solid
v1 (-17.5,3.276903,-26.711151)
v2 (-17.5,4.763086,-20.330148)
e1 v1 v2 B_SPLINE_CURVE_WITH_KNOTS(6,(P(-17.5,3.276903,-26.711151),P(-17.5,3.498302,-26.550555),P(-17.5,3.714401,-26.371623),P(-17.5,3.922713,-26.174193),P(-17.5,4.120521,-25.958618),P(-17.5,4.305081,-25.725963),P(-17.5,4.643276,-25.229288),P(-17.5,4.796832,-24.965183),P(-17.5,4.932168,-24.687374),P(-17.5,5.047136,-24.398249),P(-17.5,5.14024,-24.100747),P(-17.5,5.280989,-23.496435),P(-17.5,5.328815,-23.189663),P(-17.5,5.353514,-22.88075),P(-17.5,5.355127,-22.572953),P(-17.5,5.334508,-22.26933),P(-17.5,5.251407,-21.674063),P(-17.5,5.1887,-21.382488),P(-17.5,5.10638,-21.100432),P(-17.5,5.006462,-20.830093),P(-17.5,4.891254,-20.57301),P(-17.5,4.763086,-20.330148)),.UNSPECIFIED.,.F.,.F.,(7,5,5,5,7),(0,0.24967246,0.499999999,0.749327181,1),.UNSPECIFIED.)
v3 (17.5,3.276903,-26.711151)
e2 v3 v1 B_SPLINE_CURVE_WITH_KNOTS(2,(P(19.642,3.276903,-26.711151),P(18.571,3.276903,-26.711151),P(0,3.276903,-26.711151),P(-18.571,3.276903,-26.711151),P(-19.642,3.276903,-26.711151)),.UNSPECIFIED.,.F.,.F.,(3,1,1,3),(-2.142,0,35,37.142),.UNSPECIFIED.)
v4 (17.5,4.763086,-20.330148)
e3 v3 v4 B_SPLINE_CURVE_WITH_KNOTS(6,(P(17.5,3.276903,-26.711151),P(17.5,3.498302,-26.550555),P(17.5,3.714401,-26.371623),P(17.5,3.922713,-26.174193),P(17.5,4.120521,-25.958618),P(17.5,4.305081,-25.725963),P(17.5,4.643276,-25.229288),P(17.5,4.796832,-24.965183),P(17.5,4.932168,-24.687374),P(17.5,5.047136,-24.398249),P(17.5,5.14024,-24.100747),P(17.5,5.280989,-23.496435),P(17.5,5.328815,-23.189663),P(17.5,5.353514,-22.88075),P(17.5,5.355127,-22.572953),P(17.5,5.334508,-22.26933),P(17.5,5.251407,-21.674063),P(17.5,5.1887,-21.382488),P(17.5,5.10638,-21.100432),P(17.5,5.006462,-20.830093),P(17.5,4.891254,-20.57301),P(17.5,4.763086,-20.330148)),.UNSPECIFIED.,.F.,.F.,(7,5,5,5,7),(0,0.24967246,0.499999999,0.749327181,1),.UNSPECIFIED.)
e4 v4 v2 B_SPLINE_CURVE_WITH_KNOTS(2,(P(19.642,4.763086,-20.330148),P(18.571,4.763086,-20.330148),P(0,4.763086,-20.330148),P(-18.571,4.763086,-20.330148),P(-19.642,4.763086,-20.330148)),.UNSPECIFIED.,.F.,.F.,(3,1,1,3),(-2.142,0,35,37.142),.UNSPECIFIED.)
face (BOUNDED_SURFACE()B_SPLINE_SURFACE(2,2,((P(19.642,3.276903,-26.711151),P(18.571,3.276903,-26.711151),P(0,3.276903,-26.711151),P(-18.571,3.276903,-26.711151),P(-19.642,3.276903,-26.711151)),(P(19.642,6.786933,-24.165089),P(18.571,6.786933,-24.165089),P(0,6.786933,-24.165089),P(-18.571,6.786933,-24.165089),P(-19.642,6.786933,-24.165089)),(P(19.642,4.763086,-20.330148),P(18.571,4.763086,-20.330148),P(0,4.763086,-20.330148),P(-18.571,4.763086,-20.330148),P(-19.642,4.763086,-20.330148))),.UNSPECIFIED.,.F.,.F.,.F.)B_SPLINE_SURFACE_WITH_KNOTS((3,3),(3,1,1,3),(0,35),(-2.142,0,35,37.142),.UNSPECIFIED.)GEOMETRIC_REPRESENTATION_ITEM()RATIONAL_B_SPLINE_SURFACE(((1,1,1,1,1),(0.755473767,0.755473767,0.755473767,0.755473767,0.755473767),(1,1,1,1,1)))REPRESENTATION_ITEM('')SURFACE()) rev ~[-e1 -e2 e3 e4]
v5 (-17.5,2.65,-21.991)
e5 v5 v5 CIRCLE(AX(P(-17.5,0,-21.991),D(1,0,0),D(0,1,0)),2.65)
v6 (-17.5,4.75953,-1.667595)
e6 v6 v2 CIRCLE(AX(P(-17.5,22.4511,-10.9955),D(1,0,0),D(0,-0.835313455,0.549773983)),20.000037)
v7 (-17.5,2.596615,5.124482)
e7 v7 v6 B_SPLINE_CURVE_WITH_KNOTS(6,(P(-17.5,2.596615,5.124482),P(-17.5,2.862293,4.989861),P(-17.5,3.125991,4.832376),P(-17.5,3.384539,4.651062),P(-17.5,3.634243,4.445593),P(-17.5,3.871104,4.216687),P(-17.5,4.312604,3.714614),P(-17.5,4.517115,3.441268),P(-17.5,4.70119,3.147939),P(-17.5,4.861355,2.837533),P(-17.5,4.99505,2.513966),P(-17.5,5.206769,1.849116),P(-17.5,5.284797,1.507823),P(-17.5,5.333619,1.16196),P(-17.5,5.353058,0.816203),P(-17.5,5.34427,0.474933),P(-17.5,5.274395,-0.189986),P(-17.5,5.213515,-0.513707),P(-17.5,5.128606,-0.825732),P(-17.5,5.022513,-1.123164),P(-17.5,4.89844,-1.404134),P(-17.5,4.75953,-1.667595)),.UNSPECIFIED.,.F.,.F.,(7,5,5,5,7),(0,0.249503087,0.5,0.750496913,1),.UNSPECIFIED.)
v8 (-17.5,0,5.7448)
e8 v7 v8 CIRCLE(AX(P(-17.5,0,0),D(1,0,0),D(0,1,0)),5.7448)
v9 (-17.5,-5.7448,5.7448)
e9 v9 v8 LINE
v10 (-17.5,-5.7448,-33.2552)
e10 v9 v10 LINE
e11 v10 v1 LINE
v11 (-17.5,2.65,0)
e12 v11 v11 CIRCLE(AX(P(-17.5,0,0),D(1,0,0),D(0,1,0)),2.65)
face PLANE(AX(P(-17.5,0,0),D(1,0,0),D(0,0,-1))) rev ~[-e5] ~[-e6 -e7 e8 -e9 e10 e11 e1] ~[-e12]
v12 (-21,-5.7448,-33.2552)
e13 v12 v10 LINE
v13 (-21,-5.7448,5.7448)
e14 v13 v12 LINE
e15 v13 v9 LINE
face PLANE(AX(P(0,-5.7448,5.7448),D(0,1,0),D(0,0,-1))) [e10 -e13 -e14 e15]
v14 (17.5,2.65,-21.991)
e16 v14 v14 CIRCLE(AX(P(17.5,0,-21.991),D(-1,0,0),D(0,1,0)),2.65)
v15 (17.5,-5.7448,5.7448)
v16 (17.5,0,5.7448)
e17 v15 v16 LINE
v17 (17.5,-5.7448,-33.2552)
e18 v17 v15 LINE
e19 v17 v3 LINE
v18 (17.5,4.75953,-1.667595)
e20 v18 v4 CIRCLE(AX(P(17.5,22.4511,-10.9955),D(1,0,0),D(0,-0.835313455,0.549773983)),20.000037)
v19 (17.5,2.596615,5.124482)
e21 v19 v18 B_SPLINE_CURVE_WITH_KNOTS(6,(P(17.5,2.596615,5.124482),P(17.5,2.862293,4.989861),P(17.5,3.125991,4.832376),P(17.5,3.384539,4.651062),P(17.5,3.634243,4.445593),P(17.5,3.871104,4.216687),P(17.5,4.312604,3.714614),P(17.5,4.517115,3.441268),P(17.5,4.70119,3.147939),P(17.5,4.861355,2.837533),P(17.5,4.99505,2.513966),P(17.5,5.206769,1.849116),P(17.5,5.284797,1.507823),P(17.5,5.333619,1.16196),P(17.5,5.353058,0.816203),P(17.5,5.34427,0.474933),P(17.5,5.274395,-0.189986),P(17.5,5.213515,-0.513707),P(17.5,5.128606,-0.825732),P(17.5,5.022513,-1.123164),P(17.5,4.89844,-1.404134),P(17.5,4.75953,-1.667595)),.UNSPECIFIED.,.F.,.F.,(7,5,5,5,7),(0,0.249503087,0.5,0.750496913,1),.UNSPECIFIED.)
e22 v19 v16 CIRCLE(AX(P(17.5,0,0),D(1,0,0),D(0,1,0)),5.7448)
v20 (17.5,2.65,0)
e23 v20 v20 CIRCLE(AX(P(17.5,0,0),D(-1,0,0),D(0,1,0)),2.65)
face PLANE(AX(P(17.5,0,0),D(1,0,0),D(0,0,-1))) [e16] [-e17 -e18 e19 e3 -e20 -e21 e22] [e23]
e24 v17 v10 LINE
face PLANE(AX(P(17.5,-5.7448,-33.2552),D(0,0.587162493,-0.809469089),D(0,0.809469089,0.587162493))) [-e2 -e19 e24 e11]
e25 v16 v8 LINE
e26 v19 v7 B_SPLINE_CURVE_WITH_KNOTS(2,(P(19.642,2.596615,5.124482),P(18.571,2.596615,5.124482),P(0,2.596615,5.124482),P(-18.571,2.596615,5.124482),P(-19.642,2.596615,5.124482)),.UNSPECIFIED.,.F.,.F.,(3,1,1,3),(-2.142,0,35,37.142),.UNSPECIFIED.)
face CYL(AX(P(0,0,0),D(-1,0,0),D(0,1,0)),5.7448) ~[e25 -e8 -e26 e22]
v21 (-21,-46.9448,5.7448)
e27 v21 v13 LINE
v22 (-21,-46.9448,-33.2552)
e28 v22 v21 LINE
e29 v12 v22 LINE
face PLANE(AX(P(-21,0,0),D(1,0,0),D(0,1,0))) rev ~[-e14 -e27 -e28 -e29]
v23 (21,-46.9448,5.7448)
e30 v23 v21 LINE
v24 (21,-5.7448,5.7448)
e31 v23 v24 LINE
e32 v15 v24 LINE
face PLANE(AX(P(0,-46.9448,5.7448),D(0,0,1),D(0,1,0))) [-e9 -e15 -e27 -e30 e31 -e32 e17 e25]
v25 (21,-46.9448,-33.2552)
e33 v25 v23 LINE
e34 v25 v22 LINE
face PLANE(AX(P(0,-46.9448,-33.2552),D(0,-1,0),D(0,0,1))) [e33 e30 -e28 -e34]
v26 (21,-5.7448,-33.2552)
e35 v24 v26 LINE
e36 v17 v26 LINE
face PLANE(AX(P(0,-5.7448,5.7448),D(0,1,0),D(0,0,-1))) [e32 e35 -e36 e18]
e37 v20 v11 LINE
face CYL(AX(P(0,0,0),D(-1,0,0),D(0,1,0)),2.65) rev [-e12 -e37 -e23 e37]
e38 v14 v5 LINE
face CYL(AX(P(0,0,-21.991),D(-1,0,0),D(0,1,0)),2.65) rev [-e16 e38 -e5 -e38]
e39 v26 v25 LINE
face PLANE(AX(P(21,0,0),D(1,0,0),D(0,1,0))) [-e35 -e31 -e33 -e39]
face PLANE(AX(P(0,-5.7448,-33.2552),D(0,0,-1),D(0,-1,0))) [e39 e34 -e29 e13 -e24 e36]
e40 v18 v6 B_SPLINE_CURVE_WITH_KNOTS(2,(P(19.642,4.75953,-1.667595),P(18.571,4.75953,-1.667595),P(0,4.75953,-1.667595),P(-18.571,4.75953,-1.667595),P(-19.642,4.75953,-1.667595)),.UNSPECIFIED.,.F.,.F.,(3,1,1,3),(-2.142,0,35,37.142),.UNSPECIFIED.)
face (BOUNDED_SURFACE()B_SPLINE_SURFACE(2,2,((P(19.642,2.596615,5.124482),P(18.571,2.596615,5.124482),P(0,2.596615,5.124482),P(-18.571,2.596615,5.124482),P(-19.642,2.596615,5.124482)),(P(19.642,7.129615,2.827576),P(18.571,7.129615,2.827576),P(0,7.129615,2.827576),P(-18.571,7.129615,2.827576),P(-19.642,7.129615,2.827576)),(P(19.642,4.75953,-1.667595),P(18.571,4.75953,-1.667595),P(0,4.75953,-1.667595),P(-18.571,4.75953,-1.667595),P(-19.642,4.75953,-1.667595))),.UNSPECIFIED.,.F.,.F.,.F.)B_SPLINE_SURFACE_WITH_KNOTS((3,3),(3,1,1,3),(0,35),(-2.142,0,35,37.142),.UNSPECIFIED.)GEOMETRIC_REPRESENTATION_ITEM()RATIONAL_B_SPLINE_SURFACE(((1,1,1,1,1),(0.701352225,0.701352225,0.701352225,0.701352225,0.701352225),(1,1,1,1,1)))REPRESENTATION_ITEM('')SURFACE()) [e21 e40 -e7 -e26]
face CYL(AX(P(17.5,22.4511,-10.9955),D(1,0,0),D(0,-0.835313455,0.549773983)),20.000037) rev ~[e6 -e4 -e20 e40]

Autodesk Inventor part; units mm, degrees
ref_plane "YZ Plane" through (0, 0, 0) normal (1, 0, 0) x (0, 1, 0)
ref_plane "XZ Plane" through (0, 0, 0) normal (0, 1, 0) x (-1, 0, 0)
ref_plane "XY Plane" through (0, 0, 0) normal (0, 0, 1) x (1, 0, 0)
sketch "Sketch1" plane through (0, 0, 0) normal (1, 0, 0) x (0, 1, 0)
  circle A0 centre (-9.7574, -19.7073) radius 1.55 construction
  circle A1 centre (0, 0) radius 1.55 construction
  circle A2 centre (-9.7574, -19.7073) radius 2.65
  circle A3 centre (0, 0) radius 2.65
  line L0 (-6.0684, -24.2876) -> (12.7398, 12.1607) construction
  arc A4 (-12.2239, -24.4871) -> (-4.9776, -22.1738) centre (-9.7574, -19.7073) ccw
  circle A5 centre (0, 0) radius 5.7448
  line L1 (-4.9776, -22.1738) -> (5.1052, -2.6344)
  arc A6 (-4.9776, -22.1738) -> (-12.2239, -24.4871) centre (-9.7574, -19.7073) ccw
  line L2 (-14.5372, -17.2408) -> (-5.1904, 2.4623)
  line L3 (0, 0) -> (0, -27.0135) construction
  line L4 (0, 0) -> (-9.7574, -19.7073) construction
  point P0 (-10.1101, -25.5779)
  dimension "d0" = 5.3
  dimension "d1" = 5.3
  dimension "d3" = 11.4897
  dimension "d4" = 5.3787
  dimension "d5" = 21.8076
  dimension "d6" = 21.9875
extrude "Extrusion1" [suppressed]
sketch "Sketch4" plane through (0, 0, 0) normal (1, 0, 0) x (0, 1, 0)
  circle A0 centre (0, 0) radius 2.65 projected
  circle A1 centre (0, 0) radius 5.7448 projected
  line L0 (5.7448, 0) -> (5.7448, -21.991)
  line L1 (0, 0) -> (-9.7574, -19.7073) construction
  line L2 (5.7448, -21.991) -> (0, -21.991) construction
  circle A2 centre (0, -21.991) radius 5.7448
  circle A3 centre (0, -21.991) radius 2.65
  line L3 (-5.7448, -21.991) -> (-5.7448, 0)
  dimension "d22" = 21.991
  dimension "d23" = 21.9905
  dimension "d24" = 5.3
extrude "Extrusion4" add sketch "Sketch4" along normal mid plane 35
sketch "Sketch6" plane through (0, 0, 0) normal (1, 0, 0) x (0, 1, 0)
  line L0 (5.7448, 0) -> (5.7448, -21.991) construction
  arc A0 (-5.7448, -21.991) -> (5.7448, -21.991) centre (0, -21.991) ccw construction
  line L1 (-5.7448, -21.991) -> (-5.7448, 0) construction
  arc A1 (5.7448, 0) -> (-5.7448, 0) centre (0, 0) ccw construction
  circle A2 centre (0, -21.991) radius 2.65 construction
  circle A3 centre (0, 0) radius 2.65 construction
  arc A4 (5.7448, 0) -> (-5.7448, 0) centre (0, 0) ccw construction
  line L2 (0, 0) -> (-5.7448, 0) construction
  line L3 (0, 5.7448) -> (-5.7448, 5.7448) construction
  line L4 (-5.7448, 5.7448) -> (-5.7448, -33.2552) construction
  line L5 (-5.7448, 5.7448) -> (-46.9448, 5.7448) construction
  line L6 (-5.7448, -33.2552) -> (-46.9448, -33.2552)
  line L7 (-46.9448, -33.2552) -> (-46.9448, 5.7448)
  line L8 (-46.9448, 5.7448) -> (-5.7448, 5.7448)
  line L9 (-5.7448, 5.7448) -> (-5.7448, -33.2552)
  dimension "d32" = 39
  dimension "d35" = 41.2
extrude "Extrusion5" add sketch "Sketch6" along normal mid plane 42
sketch "Sketch7" plane through (17.5, 0, 0) normal (1, 0, 0) x (0, 0, -1)
  line L0 (21.991, 5.7448) -> (0, 5.7448) projected
  arc A0 (0, 5.7448) -> (0, -5.7448) centre (0, 0) ccw projected
  line L1 (0, -5.7448) -> (21.991, -5.7448) projected
  arc A1 (21.991, -5.7448) -> (21.991, 5.7448) centre (21.991, 0) ccw projected
  circle A2 centre (21.991, 0) radius 2.65 projected
  circle A3 centre (0, 0) radius 2.65 projected
  line L2 (-5.7448, -46.9448) -> (33.2552, -46.9448) projected
  line L3 (33.2552, -46.9448) -> (33.2552, -5.7448) projected
  line L4 (33.2552, -5.7448) -> (-5.7448, -5.7448) projected
  line L5 (-5.7448, -5.7448) -> (-5.7448, -46.9448) projected
  line L6 (33.2552, -5.7448) -> (26.6413, 3.3732)
  arc A4 (21.991, -5.7448) -> (21.991, 5.7448) centre (21.991, 0) ccw projected
  line L7 (-5.7448, -5.7448) -> (-5.7448, 0)
  arc A5 (0, 5.7448) -> (0, -5.7448) centre (0, 0) ccw projected
  point P0 (26.6413, 3.3732)
  point P1 (0, -5.7448)
extrude "Extrusion6" add sketch "Sketch7" against normal up to surface (35 mm away) contours A1 L1 A0 L0 | L6 L4 A1 | A0 L4 L7
sketch "Sketch8" plane through (17.5, 0, 0) normal (1, 0, 0) x (0, 0, -1)
  line L0 (21.991, 5.7448) -> (0, 5.7448) projected
  arc A0 (0, 5.7448) -> (-5.7448, 0) centre (0, 0) ccw projected
  line L1 (-5.7448, 0) -> (-5.7448, -5.7448) projected
  line L2 (33.2552, -5.7448) -> (-5.7448, -5.7448) projected
  line L3 (33.2552, -5.7448) -> (26.6413, 3.3732) projected
  arc A1 (26.6413, 3.3732) -> (21.991, 5.7448) centre (21.991, 0) ccw projected
  circle A2 centre (21.991, 0) radius 2.65 projected
  circle A3 centre (0, 0) radius 2.65 projected
  line L4 (0, 5.7448) -> (21.991, 5.7448) projected
  arc A4 (26.6413, 3.3732) -> (21.991, 5.7448) centre (21.991, 0) ccw projected
  arc A5 (0, 5.7448) -> (21.991, 5.7448) centre (10.9955, 22.4511) ccw
  dimension "d39" = 20
extrude "Extrusion7" cut sketch "Sketch8" against normal up to next contours A5 L0
fillet "Fillet1" radius 5 2 edges at (0, 5.7448, -21.991) (0, 5.7448, 0)
properties part number "Kauri modular session 5 mount" material "Brass, Soft Yellow"
